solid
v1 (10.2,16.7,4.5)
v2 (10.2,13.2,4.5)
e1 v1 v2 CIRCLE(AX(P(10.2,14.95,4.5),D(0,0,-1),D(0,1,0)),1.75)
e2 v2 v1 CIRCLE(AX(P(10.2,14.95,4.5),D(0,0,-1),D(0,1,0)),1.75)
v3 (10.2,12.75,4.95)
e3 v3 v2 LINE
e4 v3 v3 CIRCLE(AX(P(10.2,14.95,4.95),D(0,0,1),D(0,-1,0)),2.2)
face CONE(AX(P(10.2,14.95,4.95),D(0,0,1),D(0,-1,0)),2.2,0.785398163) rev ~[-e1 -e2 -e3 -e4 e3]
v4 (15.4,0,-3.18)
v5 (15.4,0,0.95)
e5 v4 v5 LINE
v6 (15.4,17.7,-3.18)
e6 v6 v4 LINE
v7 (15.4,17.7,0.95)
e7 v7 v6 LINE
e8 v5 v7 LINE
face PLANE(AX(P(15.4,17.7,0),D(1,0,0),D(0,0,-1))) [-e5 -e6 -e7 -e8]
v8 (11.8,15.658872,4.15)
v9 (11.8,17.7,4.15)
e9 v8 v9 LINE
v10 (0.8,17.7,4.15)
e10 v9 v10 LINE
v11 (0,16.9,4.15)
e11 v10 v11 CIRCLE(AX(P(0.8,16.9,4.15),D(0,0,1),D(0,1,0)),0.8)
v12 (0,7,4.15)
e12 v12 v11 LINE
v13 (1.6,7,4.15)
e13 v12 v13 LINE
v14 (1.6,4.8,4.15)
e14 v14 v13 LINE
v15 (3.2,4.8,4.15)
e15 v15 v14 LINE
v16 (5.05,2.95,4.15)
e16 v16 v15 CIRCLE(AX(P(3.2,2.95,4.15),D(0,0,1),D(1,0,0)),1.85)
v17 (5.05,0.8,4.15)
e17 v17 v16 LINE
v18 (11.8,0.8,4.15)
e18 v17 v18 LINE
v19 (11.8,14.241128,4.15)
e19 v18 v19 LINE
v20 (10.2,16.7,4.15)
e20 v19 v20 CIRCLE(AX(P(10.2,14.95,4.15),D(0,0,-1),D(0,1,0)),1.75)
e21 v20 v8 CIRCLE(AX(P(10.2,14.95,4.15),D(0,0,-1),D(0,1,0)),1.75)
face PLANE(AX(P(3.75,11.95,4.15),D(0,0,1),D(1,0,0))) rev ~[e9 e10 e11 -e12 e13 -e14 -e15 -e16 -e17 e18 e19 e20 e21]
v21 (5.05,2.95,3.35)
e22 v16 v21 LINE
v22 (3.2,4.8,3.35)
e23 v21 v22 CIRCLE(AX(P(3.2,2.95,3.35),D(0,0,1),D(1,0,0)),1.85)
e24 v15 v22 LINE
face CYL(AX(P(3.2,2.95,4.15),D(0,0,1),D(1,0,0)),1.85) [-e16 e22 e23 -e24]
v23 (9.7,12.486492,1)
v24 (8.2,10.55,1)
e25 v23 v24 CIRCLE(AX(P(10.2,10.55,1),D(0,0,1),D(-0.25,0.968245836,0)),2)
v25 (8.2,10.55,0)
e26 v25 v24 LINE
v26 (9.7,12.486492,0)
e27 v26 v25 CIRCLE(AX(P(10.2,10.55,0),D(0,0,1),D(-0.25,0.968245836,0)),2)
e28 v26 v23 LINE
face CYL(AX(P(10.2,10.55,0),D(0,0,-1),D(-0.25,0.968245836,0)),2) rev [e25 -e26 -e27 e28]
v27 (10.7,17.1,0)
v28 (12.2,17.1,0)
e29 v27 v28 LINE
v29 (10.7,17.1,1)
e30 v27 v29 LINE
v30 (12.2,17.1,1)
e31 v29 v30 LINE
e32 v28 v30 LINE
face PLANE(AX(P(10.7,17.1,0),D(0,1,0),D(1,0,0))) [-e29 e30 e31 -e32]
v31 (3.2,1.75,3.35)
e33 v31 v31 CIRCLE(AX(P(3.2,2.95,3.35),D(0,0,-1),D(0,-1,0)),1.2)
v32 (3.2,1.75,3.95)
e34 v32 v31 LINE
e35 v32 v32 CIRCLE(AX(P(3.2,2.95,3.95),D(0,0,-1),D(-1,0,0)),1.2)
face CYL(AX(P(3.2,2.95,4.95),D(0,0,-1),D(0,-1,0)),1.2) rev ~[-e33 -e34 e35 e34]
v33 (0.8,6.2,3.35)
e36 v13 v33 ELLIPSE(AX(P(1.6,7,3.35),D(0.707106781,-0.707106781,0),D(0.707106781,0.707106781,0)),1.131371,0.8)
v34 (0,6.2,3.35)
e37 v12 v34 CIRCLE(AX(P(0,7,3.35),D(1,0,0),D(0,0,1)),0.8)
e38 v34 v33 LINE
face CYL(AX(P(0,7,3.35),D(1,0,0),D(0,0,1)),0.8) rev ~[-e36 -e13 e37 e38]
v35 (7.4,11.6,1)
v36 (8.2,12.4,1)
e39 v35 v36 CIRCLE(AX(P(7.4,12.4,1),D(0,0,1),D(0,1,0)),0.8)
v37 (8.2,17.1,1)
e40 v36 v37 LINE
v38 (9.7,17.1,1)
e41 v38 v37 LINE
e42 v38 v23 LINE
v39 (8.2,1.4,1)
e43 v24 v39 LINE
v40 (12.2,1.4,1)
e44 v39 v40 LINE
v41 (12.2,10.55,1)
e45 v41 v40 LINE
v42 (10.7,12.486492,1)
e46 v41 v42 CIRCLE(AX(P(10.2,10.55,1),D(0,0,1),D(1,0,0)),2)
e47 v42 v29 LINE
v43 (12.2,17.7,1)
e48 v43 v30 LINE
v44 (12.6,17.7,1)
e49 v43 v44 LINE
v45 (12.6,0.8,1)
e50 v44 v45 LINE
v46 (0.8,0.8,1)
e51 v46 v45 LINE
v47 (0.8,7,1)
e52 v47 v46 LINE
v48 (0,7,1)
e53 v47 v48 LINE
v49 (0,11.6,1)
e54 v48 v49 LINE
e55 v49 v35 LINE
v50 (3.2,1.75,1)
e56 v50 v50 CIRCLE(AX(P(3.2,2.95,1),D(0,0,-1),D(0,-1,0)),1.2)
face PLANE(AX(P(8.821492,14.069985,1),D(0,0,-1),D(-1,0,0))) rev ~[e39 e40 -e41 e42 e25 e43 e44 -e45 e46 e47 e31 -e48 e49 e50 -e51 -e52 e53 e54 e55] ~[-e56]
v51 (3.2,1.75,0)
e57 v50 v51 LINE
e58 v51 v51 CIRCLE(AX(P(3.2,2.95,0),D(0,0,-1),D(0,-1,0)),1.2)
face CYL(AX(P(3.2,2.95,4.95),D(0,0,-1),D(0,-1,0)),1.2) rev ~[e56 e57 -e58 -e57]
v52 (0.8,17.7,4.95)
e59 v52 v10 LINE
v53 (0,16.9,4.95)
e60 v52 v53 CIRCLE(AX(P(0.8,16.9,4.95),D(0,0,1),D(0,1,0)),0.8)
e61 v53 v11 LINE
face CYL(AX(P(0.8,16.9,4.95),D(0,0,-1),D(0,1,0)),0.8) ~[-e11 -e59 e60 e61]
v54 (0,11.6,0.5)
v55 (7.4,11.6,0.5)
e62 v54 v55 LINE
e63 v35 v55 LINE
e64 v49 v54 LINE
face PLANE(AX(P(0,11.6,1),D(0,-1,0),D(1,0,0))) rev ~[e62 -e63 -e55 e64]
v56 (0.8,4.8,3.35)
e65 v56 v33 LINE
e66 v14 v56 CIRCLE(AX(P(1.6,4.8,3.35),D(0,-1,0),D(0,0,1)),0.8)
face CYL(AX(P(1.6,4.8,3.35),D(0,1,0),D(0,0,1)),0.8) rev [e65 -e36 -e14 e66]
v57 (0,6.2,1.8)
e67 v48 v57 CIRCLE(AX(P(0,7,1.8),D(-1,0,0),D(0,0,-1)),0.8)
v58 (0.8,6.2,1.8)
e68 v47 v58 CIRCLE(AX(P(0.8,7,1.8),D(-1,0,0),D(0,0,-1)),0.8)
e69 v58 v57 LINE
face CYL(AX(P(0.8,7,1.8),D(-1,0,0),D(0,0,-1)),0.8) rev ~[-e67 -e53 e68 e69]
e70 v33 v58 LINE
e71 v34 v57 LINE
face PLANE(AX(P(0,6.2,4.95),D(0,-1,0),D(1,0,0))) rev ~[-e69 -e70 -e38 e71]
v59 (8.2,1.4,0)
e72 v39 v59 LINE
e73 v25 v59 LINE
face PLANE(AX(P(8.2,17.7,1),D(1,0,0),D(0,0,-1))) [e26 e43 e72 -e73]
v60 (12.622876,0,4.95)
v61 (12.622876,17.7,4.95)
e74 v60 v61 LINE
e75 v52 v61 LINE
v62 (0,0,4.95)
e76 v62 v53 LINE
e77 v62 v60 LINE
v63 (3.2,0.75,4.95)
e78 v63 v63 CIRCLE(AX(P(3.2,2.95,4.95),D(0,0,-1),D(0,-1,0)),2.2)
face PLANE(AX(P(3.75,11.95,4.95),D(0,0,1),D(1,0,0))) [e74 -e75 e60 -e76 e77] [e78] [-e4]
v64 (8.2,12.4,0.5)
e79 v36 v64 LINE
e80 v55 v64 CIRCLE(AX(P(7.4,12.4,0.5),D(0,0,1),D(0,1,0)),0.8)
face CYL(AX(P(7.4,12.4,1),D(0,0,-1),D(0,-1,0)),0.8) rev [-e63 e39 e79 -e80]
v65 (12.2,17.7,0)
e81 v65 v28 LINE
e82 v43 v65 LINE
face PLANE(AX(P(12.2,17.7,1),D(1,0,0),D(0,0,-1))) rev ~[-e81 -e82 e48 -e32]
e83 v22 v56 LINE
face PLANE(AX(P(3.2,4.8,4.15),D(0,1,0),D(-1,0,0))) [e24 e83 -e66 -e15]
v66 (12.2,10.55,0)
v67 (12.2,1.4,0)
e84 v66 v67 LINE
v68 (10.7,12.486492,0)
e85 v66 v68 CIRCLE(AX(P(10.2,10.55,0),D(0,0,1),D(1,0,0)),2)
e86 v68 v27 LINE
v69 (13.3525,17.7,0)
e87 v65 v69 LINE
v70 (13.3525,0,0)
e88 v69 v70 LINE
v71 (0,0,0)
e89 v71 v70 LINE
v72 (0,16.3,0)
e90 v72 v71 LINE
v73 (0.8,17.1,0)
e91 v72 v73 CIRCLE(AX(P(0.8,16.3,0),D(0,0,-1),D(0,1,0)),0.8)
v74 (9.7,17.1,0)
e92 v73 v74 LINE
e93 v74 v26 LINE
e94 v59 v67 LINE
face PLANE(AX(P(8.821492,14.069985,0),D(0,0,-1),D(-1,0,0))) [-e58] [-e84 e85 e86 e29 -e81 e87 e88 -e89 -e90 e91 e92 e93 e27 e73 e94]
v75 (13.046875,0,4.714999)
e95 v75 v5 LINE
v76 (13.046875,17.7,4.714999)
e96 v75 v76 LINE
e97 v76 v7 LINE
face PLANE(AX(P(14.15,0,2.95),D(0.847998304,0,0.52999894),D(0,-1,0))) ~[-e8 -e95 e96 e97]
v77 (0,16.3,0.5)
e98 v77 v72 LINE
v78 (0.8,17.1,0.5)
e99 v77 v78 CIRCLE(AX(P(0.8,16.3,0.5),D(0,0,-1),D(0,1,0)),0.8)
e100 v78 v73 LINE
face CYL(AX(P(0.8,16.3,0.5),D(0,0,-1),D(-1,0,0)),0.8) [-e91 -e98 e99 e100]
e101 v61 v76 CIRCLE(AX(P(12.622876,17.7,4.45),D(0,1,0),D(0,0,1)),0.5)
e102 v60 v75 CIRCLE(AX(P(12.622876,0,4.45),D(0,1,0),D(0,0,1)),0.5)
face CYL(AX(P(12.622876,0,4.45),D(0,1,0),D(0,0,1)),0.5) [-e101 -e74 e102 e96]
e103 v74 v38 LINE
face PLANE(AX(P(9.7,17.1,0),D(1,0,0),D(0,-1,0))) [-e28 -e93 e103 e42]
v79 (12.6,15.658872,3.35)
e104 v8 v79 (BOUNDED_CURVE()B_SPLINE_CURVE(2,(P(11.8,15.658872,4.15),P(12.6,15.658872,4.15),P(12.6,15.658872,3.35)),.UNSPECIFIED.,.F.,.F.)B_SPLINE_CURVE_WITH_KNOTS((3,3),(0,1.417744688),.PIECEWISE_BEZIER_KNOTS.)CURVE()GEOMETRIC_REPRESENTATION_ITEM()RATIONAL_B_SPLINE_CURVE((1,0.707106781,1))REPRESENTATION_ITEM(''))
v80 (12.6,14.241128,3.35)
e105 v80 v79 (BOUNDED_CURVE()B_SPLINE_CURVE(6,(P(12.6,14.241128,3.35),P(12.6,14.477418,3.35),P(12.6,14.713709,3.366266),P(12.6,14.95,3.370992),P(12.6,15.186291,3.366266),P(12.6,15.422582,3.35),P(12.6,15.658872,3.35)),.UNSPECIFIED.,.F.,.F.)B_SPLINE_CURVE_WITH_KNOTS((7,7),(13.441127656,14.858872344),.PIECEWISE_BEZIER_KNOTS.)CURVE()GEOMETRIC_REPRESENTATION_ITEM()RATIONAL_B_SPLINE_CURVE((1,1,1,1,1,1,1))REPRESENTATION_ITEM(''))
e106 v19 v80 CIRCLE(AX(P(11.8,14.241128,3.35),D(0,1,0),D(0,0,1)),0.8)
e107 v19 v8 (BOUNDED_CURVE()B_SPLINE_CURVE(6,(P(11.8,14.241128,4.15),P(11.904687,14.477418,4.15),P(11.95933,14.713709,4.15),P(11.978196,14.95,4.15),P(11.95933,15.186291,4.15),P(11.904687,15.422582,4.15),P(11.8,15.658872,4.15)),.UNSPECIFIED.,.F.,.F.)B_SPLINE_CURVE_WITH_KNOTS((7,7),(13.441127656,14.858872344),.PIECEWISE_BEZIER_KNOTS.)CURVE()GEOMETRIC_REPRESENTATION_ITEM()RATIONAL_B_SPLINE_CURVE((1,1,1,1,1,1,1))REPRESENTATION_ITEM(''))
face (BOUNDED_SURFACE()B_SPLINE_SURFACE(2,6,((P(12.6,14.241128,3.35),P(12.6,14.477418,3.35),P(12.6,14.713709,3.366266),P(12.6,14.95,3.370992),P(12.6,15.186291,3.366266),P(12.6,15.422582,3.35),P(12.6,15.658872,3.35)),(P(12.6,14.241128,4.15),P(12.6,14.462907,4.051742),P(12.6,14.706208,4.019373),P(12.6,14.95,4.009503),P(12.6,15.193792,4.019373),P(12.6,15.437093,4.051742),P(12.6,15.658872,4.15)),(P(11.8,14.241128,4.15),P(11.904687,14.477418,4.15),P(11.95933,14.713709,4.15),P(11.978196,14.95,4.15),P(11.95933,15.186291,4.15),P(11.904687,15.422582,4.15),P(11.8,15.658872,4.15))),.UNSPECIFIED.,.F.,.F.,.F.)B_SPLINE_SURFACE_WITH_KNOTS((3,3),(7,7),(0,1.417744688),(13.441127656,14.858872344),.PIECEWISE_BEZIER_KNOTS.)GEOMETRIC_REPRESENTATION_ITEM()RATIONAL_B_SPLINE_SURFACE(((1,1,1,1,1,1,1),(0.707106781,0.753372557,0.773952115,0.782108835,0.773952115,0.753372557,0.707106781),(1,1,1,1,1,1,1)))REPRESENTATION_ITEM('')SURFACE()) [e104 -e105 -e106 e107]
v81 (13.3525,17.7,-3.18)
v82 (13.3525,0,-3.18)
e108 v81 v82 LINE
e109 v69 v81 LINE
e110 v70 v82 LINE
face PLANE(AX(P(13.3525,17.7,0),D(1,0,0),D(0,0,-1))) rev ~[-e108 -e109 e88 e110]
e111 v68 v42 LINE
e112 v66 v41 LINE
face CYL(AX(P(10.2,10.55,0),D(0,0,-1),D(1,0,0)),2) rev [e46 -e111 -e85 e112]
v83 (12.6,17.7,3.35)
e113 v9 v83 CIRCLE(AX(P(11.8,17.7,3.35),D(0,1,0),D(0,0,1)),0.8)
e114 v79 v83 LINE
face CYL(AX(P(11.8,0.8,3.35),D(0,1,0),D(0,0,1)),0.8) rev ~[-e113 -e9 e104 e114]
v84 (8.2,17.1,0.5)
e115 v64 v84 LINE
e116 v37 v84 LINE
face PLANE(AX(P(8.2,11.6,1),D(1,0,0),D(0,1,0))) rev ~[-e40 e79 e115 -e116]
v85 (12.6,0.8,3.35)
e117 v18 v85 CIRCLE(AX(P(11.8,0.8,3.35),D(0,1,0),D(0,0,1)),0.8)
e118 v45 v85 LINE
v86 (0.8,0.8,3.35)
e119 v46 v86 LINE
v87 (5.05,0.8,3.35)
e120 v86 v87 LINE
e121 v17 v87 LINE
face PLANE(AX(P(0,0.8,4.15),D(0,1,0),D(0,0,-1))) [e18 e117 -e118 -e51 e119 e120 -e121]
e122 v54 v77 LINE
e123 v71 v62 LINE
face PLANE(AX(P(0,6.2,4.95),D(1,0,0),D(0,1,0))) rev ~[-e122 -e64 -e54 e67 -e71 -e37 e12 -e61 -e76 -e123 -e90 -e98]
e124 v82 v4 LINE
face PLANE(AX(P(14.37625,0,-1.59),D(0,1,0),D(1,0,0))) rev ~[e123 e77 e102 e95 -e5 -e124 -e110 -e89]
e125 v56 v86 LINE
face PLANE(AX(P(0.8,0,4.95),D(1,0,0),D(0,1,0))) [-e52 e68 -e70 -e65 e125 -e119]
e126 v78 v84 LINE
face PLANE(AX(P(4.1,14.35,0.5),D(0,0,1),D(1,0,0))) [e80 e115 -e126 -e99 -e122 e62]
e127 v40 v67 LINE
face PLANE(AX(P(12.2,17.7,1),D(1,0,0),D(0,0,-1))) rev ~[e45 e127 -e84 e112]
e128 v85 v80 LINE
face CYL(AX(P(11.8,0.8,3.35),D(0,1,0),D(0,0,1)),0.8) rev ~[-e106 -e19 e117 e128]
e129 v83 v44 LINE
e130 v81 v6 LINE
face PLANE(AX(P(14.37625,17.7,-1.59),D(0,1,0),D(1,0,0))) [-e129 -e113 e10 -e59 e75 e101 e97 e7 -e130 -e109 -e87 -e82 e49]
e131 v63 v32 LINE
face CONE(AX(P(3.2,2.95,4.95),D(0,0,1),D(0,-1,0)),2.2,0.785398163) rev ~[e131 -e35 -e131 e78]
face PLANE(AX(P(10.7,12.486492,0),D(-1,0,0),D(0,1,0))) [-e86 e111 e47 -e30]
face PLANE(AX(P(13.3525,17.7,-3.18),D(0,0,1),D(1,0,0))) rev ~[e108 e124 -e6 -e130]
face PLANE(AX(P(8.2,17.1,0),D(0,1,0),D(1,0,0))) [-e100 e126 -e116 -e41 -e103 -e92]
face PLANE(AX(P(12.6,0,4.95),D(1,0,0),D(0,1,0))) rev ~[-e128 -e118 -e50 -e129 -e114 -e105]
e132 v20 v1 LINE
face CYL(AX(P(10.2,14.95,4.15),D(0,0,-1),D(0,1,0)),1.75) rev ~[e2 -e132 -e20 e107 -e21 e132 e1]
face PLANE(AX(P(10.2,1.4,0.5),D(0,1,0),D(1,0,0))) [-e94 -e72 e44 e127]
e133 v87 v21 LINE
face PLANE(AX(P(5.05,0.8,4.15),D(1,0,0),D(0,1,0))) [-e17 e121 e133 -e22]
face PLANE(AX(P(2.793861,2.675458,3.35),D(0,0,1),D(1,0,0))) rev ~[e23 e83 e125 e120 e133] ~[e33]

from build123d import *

# Parameters (mm, degrees)
BOSS_EXTRUDE1_DEPTH                             = 15.4
CUT_EXTRUDE2_REACH                              = 25.978
SKETCH3_W                                       = 7.5
SKETCH3_H                                       = 11.5
BOSS_EXTRUDE3_REACH                             = 25.978
SKETCH4_W                                       = 0.8
SKETCH4_H                                       = 6.2
SKETCH4_W_2                                     = 2.8
SKETCH4_H_2                                     = 17.7
SKETCH10_W                                      = 4
SKETCH10_H                                      = 1
CUT_EXTRUDE4_DEPTH                              = 16.3
BOSS_EXTRUDE4_DEPTH                             = 0.8
CSK_FOR_M2_FLAT_HEAD_MACHINE_SCREW3_D           = 2.4
CSK_FOR_M2_FLAT_HEAD_MACHINE_SCREW3_CSINK_D     = 4.4
CSK_FOR_M2_FLAT_HEAD_MACHINE_SCREW3_CSINK_ANGLE = 90
MOVE_FACE1_BY                                   = 0.6
SKETCH3_2_W                                     = 7.5
SKETCH3_2_H                                     = 11.5
BOSS_EXTRUDE6_DEPTH                             = 0.8
CHAMFER1_SIZE                                   = 2.5
CHAMFER1_SIZE2                                  = 4
SKETCH12_W                                      = 2.0475
SKETCH12_H                                      = 3.18
BOSS_EXTRUDE5_DEPTH                             = 17.7
SKETCH11_R                                      = 1.75
CUT_EXTRUDE5_DEPTH                              = 25.580050854
BOSS_EXTRUDE7_DEPTH                             = 1
SKETCH16_W                                      = 8.2
SKETCH16_H                                      = 5.5
CUT_EXTRUDE6_DEPTH                              = 0.5
FILLET5_R                                       = 0.5
FILLET6_R                                       = 0.8


with BuildPart() as part:
    # Sketch2 → Boss-Extrude1 (new body)
    with BuildSketch(Plane(origin=(0, 0, 0), x_dir=(0, 0, -1), z_dir=(1, 0, 0))):
        Polygon((0, 0), (-4.95, 0), (-4.95, 17.7), (-4.15, 17.7), (-4.15, 0.8), (-1, 0.8), (-1, 17.7), (0, 17.7), align=None)
    extrude(amount=BOSS_EXTRUDE1_DEPTH)

    # Sketch3 → Cut-Extrude2 (cut, up to next)
    with BuildSketch(Plane.XY.offset(4.95), mode=Mode.PRIVATE) as cut_extrude2_sk1:
        with Locations((3.75, 11.95)):
            Rectangle(SKETCH3_W, SKETCH3_H)
    cut_extrude2_tool1 = extrude(cut_extrude2_sk1.sketch, amount=-CUT_EXTRUDE2_REACH, mode=Mode.PRIVATE) & part.part
    add(cut_extrude2_tool1.solids().sort_by_distance((3.75, 11.95, 4.95))[0], mode=Mode.SUBTRACT)

    # Sketch4 → Boss-Extrude3 (add, up to next)
    with BuildSketch(Plane.XY.offset(4.95), mode=Mode.PRIVATE) as boss_extrude3_sk1:
        with Locations((0.4, 3.1)):
            Rectangle(SKETCH4_W, SKETCH4_H)
    boss_extrude3_tool1 = extrude(boss_extrude3_sk1.sketch, amount=-BOSS_EXTRUDE3_REACH, mode=Mode.PRIVATE) - part.part
    # Sketch4 → Boss-Extrude3 (add, up to next)
    with BuildSketch(Plane.XY.offset(4.95), mode=Mode.PRIVATE) as boss_extrude3_sk2:
        with Locations((14, 8.85)):
            Rectangle(SKETCH4_W_2, SKETCH4_H_2)
    boss_extrude3_tool2 = extrude(boss_extrude3_sk2.sketch, amount=-BOSS_EXTRUDE3_REACH, mode=Mode.PRIVATE) - part.part
    add(boss_extrude3_tool1.solids().sort_by_distance((0.4, 3.1, 4.95))[0])
    add(boss_extrude3_tool2.solids().sort_by_distance((14, 8.85, 4.95))[0])

    # Sketch10 → Cut-Extrude4 (cut)
    with BuildSketch(Plane(origin=(0, 17.7, 0), x_dir=(1, 0, 0), z_dir=(0, 1, 0))):
        with Locations((10.2, -0.5)):
            Rectangle(SKETCH10_W, SKETCH10_H)
    extrude(amount=-CUT_EXTRUDE4_DEPTH, mode=Mode.SUBTRACT)

    # Sketch6 → Boss-Extrude4 (add)
    with BuildSketch(Plane(origin=(0, 0, 4.15), x_dir=(-1, 0, 0), z_dir=(0, 0, -1))):
        with BuildLine():
            Line((-0.8, 0.8), (-5.05, 0.8))
            Line((-5.05, 0.8), (-5.05, 2.95))
            ThreePointArc((-5.05, 2.95), (-4.508147545, 4.258147545), (-3.2, 4.8))
            Line((-3.2, 4.8), (-0.8, 4.8))
            Line((-0.8, 4.8), (-0.8, 0.8))
        make_face()
    extrude(amount=BOSS_EXTRUDE4_DEPTH)

    # CSK for M2 Flat Head Machine Screw3 (through all)
    with Locations(Plane(origin=(10.2, 14.95, 4.95), x_dir=(0, 1, 0), z_dir=(0, 0, 1))):
        with Locations((0, 0), (-12, 7)):
            CounterSinkHole(CSK_FOR_M2_FLAT_HEAD_MACHINE_SCREW3_D / 2, CSK_FOR_M2_FLAT_HEAD_MACHINE_SCREW3_CSINK_D / 2, counter_sink_angle=CSK_FOR_M2_FLAT_HEAD_MACHINE_SCREW3_CSINK_ANGLE)

    # Move Face1: a face moved inward by 0.6
    extrude(part.faces().sort_by_distance((4.1, 17.7, 0.5))[0], amount=MOVE_FACE1_BY, dir=(0, -1, 0), mode=Mode.SUBTRACT)

    # Sketch3<2> → Boss-Extrude6 (add)
    with BuildSketch(Plane.XY.offset(4.95)):
        with Locations((3.75, 11.95)):
            Rectangle(SKETCH3_2_W, SKETCH3_2_H)
    extrude(amount=-BOSS_EXTRUDE6_DEPTH)

    # Chamfer1
    chamfer1_edges = [part.edges().sort_by_distance(p)[0] for p in [
        (15.4, 8.85, 4.95),
    ]]
    chamfer1_side = [part.faces().sort_by_distance(p)[0] for p in [
        (7.825575812, 8.837442419, 4.95),
    ]]
    chamfer(chamfer1_edges, length=CHAMFER1_SIZE, length2=CHAMFER1_SIZE2, reference=chamfer1_side[0])

    # Sketch12 → Boss-Extrude5 (add)
    with BuildSketch(Plane(origin=(0, 17.7, 0), x_dir=(1, 0, 0), z_dir=(0, 1, 0))):
        with Locations((14.37625, 1.59)):
            Rectangle(SKETCH12_W, SKETCH12_H)
    extrude(amount=-BOSS_EXTRUDE5_DEPTH)

    # Sketch11 → Cut-Extrude5 (cut, through all)
    with BuildSketch(Plane(origin=(0, 0, 4.15), x_dir=(-1, 0, 0), z_dir=(0, 0, -1))):
        with Locations(Location((-10.2, 14.95, 0), (0, 0, 90))):
            Circle(SKETCH11_R)
    extrude(amount=-CUT_EXTRUDE5_DEPTH, mode=Mode.SUBTRACT)

    # Sketch14 → Boss-Extrude7 (add)
    with BuildSketch(Plane(origin=(0, 0, 0), x_dir=(-1, 0, 0), z_dir=(0, 0, -1))):
        with BuildLine():
            Line((-12.2, 17.1), (-12.2, 10.55))
            ThreePointArc((-12.2, 10.55), (-11.78113883, 11.774744871), (-10.7, 12.486491673))
            Line((-10.7, 12.486491673), (-10.7, 17.1))
            Line((-10.7, 17.1), (-12.2, 17.1))
        make_face()
        with BuildLine():
            ThreePointArc((-9.7, 12.486491673), (-8.61886117, 11.774744871), (-8.2, 10.55))
            Line((-8.2, 10.55), (-8.2, 17.1))
            Line((-8.2, 17.1), (-9.7, 17.1))
            Line((-9.7, 17.1), (-9.7, 12.486491673))
        make_face()
    extrude(amount=-BOSS_EXTRUDE7_DEPTH)

    # Sketch16 → Cut-Extrude6 (cut)
    with BuildSketch(Plane.XY.offset(1)):
        with Locations((4.1, 14.35)):
            Rectangle(SKETCH16_W, SKETCH16_H)
    extrude(amount=-CUT_EXTRUDE6_DEPTH, mode=Mode.SUBTRACT)

    # Fillet5
    fillet5_edges = [part.edges().sort_by_distance(p)[0] for p in [
        (12.9, 8.85, 4.95),
    ]]
    fillet(fillet5_edges, radius=FILLET5_R)

    # Fillet6
    fillet6_edges = [part.edges().sort_by_distance(p)[0] for p in [
        (0.8, 5.5, 4.15),
        (0, 17.1, 0.25),
        (0, 17.7, 4.55),
        (0.4, 6.2, 4.15),
        (8.2, 11.6, 0.75),
        (0.4, 6.2, 1),
        (12.6, 9.25, 4.15),
    ]]
    fillet(fillet6_edges, radius=FILLET6_R)


solid = part.part
